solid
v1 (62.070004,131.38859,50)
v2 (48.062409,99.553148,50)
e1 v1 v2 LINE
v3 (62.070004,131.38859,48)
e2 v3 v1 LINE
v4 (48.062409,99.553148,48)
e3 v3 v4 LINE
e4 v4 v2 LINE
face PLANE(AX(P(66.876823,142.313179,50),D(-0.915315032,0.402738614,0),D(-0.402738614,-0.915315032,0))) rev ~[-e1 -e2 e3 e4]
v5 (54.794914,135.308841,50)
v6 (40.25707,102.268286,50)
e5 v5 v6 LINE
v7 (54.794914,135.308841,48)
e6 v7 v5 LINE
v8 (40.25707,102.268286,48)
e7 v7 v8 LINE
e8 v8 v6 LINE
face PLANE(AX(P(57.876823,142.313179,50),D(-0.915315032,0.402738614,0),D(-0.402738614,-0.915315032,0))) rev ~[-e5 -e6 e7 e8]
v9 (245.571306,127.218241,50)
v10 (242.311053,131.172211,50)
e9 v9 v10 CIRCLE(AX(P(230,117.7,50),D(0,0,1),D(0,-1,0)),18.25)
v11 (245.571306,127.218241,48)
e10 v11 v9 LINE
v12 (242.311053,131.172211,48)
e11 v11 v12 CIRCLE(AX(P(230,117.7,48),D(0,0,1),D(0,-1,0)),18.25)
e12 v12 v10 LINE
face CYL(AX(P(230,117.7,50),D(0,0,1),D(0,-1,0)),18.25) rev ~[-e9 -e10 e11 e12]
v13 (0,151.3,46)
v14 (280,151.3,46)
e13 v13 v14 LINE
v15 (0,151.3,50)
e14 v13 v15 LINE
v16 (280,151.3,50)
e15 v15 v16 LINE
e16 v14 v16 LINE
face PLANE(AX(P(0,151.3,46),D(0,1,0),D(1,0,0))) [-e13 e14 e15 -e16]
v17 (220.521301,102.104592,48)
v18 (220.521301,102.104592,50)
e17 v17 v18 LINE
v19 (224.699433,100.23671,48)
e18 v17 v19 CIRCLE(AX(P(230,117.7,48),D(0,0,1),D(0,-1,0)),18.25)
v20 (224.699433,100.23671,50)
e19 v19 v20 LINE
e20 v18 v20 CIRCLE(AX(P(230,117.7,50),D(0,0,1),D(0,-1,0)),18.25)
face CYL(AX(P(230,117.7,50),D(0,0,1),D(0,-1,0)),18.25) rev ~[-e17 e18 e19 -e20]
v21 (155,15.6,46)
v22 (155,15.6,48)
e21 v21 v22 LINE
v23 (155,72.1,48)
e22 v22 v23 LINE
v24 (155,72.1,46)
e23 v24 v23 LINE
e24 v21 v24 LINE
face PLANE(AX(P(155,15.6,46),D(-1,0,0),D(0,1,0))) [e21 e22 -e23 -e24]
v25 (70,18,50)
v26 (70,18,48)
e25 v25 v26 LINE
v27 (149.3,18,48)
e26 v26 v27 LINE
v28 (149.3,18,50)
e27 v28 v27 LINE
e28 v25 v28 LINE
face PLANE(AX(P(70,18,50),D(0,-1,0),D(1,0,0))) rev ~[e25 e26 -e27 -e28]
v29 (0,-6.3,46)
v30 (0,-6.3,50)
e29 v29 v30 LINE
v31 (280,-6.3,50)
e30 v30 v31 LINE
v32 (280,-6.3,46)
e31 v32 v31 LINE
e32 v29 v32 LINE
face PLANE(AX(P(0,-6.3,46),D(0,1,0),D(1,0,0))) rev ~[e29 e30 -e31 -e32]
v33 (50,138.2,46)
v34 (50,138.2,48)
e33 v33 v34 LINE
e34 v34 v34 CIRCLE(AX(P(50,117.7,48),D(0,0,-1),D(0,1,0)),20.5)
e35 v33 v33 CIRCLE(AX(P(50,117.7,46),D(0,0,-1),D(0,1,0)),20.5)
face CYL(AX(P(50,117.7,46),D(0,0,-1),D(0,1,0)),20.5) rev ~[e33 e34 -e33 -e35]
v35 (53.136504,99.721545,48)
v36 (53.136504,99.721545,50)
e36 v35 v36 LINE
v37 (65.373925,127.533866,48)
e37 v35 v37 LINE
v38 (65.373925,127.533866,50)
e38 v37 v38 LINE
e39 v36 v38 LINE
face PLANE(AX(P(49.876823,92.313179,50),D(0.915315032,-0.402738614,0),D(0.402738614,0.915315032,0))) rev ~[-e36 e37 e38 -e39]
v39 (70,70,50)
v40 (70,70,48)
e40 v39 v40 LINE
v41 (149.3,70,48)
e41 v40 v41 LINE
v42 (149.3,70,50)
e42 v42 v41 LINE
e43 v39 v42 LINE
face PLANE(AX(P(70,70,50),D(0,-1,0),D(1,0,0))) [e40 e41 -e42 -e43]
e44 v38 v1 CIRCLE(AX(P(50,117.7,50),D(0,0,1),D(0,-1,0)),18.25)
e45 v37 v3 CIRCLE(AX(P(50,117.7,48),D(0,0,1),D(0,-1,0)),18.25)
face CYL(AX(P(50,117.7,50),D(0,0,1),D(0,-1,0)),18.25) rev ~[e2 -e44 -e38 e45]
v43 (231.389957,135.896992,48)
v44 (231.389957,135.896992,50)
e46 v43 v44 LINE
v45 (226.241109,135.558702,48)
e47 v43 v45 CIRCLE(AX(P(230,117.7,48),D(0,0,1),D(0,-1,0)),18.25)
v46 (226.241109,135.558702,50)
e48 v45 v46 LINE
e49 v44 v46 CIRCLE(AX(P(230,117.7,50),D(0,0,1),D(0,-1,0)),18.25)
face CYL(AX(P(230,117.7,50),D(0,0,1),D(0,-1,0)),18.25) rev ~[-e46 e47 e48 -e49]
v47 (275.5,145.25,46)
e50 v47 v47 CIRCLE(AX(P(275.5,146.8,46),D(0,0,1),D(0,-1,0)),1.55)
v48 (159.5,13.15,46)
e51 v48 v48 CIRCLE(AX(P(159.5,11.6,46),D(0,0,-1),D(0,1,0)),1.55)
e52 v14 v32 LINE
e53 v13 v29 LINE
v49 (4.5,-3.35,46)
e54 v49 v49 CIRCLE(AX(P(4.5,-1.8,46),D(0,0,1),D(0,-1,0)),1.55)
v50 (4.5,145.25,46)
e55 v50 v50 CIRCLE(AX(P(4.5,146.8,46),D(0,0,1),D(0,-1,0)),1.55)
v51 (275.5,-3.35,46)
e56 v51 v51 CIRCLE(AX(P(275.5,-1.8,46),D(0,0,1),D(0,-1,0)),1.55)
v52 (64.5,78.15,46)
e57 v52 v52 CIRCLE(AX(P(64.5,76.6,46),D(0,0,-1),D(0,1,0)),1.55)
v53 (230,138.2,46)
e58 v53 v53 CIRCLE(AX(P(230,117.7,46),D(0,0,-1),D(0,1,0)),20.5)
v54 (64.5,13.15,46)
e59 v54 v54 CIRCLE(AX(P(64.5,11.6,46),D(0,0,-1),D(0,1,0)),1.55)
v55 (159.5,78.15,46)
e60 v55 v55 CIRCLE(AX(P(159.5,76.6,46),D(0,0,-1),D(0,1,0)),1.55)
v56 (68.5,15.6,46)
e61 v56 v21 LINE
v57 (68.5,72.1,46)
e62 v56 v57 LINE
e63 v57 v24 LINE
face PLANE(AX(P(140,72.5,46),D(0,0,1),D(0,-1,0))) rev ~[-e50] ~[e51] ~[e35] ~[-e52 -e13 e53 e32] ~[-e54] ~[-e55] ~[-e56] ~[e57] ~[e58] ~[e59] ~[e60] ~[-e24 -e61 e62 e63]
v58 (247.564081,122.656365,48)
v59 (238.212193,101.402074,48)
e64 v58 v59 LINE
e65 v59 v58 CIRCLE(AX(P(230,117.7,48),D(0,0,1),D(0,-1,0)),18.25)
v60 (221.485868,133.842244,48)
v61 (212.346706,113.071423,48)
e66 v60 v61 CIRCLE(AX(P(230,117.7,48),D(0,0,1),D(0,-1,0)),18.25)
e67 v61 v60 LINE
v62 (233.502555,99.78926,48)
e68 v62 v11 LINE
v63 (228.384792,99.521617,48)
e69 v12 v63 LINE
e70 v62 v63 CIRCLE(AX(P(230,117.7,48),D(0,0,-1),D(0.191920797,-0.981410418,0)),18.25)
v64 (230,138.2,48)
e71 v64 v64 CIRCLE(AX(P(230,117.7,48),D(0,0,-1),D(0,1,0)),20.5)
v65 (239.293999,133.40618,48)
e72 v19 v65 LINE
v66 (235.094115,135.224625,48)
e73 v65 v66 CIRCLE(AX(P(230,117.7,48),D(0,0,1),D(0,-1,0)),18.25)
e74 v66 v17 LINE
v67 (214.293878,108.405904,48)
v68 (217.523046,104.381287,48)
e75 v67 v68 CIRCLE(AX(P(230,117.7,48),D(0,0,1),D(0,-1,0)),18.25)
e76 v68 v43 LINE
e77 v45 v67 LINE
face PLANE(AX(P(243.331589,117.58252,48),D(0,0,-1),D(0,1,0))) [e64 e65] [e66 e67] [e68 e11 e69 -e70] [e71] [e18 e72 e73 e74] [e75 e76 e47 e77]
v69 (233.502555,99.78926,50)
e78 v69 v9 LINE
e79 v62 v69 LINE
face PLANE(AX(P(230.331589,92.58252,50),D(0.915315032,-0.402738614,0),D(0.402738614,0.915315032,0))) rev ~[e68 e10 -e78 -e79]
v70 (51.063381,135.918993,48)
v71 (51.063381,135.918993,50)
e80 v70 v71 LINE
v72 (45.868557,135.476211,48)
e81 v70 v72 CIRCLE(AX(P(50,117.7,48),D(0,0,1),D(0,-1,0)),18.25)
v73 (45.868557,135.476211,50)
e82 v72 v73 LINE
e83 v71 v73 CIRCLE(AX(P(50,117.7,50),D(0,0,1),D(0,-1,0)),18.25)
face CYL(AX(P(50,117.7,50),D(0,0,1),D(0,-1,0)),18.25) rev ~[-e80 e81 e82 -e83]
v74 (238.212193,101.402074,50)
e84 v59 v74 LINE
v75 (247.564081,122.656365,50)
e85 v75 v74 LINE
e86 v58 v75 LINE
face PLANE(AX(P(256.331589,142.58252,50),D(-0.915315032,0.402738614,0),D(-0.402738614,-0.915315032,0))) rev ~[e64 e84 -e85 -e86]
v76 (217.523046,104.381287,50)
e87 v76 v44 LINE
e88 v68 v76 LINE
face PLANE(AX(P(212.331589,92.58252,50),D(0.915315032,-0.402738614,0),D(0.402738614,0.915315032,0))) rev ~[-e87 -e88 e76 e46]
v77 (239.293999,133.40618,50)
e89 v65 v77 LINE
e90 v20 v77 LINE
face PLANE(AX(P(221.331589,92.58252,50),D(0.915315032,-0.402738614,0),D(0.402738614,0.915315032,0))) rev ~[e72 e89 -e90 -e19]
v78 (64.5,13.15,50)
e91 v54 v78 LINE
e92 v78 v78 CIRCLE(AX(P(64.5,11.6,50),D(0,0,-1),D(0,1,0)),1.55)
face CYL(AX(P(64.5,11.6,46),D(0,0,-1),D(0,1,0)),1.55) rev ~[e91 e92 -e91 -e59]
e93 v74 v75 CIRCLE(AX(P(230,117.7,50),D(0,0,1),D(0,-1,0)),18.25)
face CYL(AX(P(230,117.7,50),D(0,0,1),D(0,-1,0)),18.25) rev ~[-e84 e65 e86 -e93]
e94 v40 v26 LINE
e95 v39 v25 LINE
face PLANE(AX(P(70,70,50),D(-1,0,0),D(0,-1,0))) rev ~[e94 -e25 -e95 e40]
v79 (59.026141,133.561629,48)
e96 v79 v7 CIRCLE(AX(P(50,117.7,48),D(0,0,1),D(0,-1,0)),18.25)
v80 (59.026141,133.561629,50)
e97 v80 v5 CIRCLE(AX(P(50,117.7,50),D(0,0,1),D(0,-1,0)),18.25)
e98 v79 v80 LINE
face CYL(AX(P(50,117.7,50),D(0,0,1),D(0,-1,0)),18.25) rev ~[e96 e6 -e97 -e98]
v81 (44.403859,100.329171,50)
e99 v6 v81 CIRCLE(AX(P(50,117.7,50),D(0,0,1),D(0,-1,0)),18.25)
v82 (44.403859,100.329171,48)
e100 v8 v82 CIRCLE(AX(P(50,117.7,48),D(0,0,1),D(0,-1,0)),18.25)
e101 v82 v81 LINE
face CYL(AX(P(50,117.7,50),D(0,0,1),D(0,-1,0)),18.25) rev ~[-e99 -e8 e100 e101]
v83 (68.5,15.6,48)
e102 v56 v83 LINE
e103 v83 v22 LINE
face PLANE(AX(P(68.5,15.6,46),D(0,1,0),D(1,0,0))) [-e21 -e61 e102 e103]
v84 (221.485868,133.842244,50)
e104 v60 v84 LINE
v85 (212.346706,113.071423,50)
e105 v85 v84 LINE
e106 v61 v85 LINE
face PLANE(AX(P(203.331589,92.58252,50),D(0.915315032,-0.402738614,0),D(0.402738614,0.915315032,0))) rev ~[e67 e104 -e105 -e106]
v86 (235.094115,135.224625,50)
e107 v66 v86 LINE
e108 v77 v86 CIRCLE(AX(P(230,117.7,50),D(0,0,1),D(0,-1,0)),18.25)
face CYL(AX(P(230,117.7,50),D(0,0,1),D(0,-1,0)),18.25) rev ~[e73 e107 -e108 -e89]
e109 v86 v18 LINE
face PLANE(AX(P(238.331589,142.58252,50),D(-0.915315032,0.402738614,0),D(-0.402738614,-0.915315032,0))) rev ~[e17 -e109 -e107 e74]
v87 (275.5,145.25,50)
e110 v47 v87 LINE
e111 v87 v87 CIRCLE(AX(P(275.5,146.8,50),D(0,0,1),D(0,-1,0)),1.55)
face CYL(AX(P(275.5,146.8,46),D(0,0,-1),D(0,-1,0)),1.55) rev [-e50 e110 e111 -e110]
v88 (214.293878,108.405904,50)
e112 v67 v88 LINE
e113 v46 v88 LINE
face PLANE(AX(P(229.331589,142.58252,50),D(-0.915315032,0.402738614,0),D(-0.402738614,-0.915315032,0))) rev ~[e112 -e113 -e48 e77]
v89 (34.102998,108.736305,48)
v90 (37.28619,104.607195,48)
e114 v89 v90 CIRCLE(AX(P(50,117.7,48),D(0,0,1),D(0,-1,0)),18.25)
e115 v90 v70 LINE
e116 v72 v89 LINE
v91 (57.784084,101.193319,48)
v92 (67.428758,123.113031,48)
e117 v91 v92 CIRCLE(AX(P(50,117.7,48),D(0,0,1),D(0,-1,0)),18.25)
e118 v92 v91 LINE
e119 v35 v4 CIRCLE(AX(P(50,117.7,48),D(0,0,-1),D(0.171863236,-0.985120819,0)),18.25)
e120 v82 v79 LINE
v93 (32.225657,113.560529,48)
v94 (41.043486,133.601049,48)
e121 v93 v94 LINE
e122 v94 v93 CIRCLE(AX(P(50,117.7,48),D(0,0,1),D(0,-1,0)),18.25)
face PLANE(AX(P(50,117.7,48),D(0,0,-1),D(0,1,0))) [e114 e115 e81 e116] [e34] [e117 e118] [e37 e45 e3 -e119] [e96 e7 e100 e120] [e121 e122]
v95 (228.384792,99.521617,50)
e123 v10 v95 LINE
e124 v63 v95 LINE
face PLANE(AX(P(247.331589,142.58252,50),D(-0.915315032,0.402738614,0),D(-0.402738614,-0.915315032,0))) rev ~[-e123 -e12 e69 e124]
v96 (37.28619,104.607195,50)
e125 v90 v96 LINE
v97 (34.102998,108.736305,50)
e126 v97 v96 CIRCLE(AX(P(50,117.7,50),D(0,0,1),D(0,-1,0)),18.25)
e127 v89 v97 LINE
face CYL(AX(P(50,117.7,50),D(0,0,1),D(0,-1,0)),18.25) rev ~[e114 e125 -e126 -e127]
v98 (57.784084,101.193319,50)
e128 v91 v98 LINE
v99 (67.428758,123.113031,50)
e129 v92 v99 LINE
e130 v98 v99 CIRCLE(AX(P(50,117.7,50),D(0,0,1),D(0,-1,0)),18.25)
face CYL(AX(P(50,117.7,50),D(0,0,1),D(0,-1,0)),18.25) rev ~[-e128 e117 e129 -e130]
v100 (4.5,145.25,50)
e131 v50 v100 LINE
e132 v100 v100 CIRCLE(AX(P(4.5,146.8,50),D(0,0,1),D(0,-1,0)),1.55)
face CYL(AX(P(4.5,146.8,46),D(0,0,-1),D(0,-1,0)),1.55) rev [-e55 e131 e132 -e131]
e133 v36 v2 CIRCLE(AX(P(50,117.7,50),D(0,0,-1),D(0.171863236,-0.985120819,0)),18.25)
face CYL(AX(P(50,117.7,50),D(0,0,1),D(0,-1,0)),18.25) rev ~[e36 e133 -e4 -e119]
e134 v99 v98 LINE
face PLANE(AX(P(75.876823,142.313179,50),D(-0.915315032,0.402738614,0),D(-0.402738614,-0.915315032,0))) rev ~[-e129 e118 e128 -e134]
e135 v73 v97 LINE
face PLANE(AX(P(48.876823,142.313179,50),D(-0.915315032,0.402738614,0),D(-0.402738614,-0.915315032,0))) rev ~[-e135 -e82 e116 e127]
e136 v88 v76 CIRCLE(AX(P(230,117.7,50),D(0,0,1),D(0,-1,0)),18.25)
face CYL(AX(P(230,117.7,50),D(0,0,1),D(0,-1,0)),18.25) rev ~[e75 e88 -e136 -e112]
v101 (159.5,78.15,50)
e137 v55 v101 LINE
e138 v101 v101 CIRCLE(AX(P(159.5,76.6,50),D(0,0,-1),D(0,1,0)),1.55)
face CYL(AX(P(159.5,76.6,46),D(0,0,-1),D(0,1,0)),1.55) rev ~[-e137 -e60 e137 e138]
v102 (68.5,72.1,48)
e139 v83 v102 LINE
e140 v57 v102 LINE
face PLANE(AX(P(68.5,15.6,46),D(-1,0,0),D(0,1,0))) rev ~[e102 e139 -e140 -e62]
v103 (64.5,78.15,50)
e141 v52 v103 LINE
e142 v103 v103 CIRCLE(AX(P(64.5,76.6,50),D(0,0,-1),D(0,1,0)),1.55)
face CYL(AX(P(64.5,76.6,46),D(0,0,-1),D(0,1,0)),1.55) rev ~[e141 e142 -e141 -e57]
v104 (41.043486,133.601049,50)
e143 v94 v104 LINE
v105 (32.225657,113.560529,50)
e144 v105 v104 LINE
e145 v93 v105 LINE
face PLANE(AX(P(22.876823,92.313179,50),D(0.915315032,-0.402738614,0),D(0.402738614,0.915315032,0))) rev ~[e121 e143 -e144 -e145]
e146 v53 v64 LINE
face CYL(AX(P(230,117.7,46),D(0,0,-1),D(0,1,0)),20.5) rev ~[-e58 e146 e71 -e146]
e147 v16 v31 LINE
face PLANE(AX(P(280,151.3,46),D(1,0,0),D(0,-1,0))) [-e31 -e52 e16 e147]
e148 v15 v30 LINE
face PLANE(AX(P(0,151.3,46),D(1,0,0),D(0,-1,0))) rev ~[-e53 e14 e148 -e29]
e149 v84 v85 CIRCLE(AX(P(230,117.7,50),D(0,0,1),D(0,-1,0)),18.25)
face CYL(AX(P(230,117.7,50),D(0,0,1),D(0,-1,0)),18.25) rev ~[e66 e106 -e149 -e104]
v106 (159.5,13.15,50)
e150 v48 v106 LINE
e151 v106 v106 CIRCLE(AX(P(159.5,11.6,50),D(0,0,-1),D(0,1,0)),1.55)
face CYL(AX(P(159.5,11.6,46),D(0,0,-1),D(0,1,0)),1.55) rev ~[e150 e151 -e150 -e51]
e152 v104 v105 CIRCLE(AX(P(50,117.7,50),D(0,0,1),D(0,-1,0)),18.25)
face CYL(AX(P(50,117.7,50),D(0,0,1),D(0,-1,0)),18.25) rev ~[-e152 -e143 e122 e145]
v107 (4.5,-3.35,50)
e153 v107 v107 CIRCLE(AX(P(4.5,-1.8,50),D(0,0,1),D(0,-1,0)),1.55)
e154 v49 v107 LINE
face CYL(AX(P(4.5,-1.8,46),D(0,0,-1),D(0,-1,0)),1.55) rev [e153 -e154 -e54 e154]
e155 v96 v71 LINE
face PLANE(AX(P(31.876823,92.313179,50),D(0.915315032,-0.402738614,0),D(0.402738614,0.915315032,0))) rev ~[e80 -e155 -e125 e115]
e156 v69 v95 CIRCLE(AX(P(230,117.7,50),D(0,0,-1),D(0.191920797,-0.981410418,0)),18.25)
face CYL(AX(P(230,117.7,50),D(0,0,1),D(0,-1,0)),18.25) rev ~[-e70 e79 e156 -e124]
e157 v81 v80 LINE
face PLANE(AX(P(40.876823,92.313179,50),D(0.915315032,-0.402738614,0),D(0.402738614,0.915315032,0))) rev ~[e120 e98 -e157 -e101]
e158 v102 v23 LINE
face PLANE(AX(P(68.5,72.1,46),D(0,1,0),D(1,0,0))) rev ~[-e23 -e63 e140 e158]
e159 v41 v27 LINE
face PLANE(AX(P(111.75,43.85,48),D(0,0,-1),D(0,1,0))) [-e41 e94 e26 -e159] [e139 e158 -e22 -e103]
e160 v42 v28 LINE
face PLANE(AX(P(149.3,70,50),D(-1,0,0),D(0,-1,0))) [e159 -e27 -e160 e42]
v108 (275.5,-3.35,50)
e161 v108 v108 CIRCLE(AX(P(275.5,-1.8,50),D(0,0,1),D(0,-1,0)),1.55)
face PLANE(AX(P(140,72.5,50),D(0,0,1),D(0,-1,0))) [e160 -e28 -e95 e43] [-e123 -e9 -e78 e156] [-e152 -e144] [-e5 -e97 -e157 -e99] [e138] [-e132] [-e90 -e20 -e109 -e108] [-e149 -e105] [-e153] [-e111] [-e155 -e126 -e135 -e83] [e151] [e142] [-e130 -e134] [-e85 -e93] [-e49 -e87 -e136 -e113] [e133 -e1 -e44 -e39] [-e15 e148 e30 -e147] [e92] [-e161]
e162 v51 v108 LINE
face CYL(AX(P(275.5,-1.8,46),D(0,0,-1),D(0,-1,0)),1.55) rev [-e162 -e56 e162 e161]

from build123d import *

# Parameters (mm, degrees)
SKETCH015_W     = 157.6
SKETCH015_H     = 280
SKETCH015_R     = 1.55
PAD007_DEPTH    = 4
SKETCH016_R     = 18.25
SKETCH016_W     = 52
SKETCH016_H     = 79.3
POCKET008_DEPTH = 10
SKETCH017_R     = 20.5
SKETCH017_W     = 56.5
SKETCH017_H     = 86.5
POCKET009_DEPTH = 2
PAD008_DEPTH    = 2
SKETCH019_R     = 1.55
POCKET010_DEPTH = 9


with BuildPart() as part:
    # Sketch015 (on ShapeBinder) → Pad007 (new body)
    with BuildSketch(Plane(origin=(0, 0, 46), x_dir=(0, -1, 0), z_dir=(0, 0, 1))):
        with Locations((-72.5, 140)):
            Rectangle(SKETCH015_W, SKETCH015_H)
        with Locations((-146.8, 275.5)):
            Circle(SKETCH015_R, mode=Mode.SUBTRACT)
        with Locations((1.8, 275.5)):
            Circle(SKETCH015_R, mode=Mode.SUBTRACT)
        with Locations((-146.8, 4.5)):
            Circle(SKETCH015_R, mode=Mode.SUBTRACT)
        with Locations((1.8, 4.5)):
            Circle(SKETCH015_R, mode=Mode.SUBTRACT)
    extrude(amount=PAD007_DEPTH)

    # Sketch016 (on Face10 of Pad007) → Pocket008 (cut)
    with BuildSketch(Plane(origin=(0, 0, 50), x_dir=(0, -1, 0), z_dir=(0, 0, 1))):
        with Locations((-117.7, 50)):
            Circle(SKETCH016_R)
        with Locations((-117.7, 230)):
            Circle(SKETCH016_R)
        with Locations((-44, 109.65)):
            Rectangle(SKETCH016_W, SKETCH016_H)
    extrude(amount=-POCKET008_DEPTH, mode=Mode.SUBTRACT)

    # Sketch017 (on Face4 of Pocket008) → Pocket009 (cut)
    with BuildSketch(Plane.YX.offset(-46)):
        with Locations((117.7, 230)):
            Circle(SKETCH017_R)
        with Locations((117.7, 50)):
            Circle(SKETCH017_R)
        with Locations((43.85, 111.75)):
            Rectangle(SKETCH017_W, SKETCH017_H)
    extrude(amount=-POCKET009_DEPTH, mode=Mode.SUBTRACT)

    # Sketch018 (on Face5 of Pocket009) → Pad008 (join)
    with BuildSketch(Plane(origin=(0, 0, 50), x_dir=(0, -1, 0), z_dir=(0, 0, 1))):
        Polygon((-142.58252, 252.331589), (-142.58252, 256.331589), (-92.58252, 234.331589), (-92.58252, 230.331589), align=None)
        Polygon((-142.58252, 243.331589), (-142.58252, 247.331589), (-92.58252, 225.331589), (-92.58252, 221.331589), align=None)
        Polygon((-142.58252, 234.331589), (-142.58252, 238.331589), (-92.58252, 216.331589), (-92.58252, 212.331589), align=None)
        Polygon((-142.58252, 225.331589), (-142.58252, 229.331589), (-92.58252, 207.331589), (-92.58252, 203.331589), align=None)
        Polygon((-142.313179, 71.876823), (-142.313179, 75.876823), (-92.313179, 53.876823), (-92.313179, 49.876823), align=None)
        Polygon((-142.313179, 62.876823), (-142.313179, 66.876823), (-92.313179, 44.876823), (-92.313179, 40.876823), align=None)
        Polygon((-142.313179, 53.876823), (-142.313179, 57.876823), (-92.313179, 35.876823), (-92.313179, 31.876823), align=None)
        Polygon((-142.313179, 44.876823), (-142.313179, 48.876823), (-92.313179, 26.876823), (-92.313179, 22.876823), align=None)
    extrude(amount=-PAD008_DEPTH)

    # Sketch019 (on Face4 of Pad008) → Pocket010 (cut)
    with BuildSketch(Plane.YX.offset(-46)):
        with Locations((11.6, 159.5)):
            Circle(SKETCH019_R)
        with Locations((76.6, 159.5)):
            Circle(SKETCH019_R)
        with Locations((76.6, 64.5)):
            Circle(SKETCH019_R)
        with Locations((11.6, 64.5)):
            Circle(SKETCH019_R)
    extrude(amount=-POCKET010_DEPTH, mode=Mode.SUBTRACT)


solid = part.part
